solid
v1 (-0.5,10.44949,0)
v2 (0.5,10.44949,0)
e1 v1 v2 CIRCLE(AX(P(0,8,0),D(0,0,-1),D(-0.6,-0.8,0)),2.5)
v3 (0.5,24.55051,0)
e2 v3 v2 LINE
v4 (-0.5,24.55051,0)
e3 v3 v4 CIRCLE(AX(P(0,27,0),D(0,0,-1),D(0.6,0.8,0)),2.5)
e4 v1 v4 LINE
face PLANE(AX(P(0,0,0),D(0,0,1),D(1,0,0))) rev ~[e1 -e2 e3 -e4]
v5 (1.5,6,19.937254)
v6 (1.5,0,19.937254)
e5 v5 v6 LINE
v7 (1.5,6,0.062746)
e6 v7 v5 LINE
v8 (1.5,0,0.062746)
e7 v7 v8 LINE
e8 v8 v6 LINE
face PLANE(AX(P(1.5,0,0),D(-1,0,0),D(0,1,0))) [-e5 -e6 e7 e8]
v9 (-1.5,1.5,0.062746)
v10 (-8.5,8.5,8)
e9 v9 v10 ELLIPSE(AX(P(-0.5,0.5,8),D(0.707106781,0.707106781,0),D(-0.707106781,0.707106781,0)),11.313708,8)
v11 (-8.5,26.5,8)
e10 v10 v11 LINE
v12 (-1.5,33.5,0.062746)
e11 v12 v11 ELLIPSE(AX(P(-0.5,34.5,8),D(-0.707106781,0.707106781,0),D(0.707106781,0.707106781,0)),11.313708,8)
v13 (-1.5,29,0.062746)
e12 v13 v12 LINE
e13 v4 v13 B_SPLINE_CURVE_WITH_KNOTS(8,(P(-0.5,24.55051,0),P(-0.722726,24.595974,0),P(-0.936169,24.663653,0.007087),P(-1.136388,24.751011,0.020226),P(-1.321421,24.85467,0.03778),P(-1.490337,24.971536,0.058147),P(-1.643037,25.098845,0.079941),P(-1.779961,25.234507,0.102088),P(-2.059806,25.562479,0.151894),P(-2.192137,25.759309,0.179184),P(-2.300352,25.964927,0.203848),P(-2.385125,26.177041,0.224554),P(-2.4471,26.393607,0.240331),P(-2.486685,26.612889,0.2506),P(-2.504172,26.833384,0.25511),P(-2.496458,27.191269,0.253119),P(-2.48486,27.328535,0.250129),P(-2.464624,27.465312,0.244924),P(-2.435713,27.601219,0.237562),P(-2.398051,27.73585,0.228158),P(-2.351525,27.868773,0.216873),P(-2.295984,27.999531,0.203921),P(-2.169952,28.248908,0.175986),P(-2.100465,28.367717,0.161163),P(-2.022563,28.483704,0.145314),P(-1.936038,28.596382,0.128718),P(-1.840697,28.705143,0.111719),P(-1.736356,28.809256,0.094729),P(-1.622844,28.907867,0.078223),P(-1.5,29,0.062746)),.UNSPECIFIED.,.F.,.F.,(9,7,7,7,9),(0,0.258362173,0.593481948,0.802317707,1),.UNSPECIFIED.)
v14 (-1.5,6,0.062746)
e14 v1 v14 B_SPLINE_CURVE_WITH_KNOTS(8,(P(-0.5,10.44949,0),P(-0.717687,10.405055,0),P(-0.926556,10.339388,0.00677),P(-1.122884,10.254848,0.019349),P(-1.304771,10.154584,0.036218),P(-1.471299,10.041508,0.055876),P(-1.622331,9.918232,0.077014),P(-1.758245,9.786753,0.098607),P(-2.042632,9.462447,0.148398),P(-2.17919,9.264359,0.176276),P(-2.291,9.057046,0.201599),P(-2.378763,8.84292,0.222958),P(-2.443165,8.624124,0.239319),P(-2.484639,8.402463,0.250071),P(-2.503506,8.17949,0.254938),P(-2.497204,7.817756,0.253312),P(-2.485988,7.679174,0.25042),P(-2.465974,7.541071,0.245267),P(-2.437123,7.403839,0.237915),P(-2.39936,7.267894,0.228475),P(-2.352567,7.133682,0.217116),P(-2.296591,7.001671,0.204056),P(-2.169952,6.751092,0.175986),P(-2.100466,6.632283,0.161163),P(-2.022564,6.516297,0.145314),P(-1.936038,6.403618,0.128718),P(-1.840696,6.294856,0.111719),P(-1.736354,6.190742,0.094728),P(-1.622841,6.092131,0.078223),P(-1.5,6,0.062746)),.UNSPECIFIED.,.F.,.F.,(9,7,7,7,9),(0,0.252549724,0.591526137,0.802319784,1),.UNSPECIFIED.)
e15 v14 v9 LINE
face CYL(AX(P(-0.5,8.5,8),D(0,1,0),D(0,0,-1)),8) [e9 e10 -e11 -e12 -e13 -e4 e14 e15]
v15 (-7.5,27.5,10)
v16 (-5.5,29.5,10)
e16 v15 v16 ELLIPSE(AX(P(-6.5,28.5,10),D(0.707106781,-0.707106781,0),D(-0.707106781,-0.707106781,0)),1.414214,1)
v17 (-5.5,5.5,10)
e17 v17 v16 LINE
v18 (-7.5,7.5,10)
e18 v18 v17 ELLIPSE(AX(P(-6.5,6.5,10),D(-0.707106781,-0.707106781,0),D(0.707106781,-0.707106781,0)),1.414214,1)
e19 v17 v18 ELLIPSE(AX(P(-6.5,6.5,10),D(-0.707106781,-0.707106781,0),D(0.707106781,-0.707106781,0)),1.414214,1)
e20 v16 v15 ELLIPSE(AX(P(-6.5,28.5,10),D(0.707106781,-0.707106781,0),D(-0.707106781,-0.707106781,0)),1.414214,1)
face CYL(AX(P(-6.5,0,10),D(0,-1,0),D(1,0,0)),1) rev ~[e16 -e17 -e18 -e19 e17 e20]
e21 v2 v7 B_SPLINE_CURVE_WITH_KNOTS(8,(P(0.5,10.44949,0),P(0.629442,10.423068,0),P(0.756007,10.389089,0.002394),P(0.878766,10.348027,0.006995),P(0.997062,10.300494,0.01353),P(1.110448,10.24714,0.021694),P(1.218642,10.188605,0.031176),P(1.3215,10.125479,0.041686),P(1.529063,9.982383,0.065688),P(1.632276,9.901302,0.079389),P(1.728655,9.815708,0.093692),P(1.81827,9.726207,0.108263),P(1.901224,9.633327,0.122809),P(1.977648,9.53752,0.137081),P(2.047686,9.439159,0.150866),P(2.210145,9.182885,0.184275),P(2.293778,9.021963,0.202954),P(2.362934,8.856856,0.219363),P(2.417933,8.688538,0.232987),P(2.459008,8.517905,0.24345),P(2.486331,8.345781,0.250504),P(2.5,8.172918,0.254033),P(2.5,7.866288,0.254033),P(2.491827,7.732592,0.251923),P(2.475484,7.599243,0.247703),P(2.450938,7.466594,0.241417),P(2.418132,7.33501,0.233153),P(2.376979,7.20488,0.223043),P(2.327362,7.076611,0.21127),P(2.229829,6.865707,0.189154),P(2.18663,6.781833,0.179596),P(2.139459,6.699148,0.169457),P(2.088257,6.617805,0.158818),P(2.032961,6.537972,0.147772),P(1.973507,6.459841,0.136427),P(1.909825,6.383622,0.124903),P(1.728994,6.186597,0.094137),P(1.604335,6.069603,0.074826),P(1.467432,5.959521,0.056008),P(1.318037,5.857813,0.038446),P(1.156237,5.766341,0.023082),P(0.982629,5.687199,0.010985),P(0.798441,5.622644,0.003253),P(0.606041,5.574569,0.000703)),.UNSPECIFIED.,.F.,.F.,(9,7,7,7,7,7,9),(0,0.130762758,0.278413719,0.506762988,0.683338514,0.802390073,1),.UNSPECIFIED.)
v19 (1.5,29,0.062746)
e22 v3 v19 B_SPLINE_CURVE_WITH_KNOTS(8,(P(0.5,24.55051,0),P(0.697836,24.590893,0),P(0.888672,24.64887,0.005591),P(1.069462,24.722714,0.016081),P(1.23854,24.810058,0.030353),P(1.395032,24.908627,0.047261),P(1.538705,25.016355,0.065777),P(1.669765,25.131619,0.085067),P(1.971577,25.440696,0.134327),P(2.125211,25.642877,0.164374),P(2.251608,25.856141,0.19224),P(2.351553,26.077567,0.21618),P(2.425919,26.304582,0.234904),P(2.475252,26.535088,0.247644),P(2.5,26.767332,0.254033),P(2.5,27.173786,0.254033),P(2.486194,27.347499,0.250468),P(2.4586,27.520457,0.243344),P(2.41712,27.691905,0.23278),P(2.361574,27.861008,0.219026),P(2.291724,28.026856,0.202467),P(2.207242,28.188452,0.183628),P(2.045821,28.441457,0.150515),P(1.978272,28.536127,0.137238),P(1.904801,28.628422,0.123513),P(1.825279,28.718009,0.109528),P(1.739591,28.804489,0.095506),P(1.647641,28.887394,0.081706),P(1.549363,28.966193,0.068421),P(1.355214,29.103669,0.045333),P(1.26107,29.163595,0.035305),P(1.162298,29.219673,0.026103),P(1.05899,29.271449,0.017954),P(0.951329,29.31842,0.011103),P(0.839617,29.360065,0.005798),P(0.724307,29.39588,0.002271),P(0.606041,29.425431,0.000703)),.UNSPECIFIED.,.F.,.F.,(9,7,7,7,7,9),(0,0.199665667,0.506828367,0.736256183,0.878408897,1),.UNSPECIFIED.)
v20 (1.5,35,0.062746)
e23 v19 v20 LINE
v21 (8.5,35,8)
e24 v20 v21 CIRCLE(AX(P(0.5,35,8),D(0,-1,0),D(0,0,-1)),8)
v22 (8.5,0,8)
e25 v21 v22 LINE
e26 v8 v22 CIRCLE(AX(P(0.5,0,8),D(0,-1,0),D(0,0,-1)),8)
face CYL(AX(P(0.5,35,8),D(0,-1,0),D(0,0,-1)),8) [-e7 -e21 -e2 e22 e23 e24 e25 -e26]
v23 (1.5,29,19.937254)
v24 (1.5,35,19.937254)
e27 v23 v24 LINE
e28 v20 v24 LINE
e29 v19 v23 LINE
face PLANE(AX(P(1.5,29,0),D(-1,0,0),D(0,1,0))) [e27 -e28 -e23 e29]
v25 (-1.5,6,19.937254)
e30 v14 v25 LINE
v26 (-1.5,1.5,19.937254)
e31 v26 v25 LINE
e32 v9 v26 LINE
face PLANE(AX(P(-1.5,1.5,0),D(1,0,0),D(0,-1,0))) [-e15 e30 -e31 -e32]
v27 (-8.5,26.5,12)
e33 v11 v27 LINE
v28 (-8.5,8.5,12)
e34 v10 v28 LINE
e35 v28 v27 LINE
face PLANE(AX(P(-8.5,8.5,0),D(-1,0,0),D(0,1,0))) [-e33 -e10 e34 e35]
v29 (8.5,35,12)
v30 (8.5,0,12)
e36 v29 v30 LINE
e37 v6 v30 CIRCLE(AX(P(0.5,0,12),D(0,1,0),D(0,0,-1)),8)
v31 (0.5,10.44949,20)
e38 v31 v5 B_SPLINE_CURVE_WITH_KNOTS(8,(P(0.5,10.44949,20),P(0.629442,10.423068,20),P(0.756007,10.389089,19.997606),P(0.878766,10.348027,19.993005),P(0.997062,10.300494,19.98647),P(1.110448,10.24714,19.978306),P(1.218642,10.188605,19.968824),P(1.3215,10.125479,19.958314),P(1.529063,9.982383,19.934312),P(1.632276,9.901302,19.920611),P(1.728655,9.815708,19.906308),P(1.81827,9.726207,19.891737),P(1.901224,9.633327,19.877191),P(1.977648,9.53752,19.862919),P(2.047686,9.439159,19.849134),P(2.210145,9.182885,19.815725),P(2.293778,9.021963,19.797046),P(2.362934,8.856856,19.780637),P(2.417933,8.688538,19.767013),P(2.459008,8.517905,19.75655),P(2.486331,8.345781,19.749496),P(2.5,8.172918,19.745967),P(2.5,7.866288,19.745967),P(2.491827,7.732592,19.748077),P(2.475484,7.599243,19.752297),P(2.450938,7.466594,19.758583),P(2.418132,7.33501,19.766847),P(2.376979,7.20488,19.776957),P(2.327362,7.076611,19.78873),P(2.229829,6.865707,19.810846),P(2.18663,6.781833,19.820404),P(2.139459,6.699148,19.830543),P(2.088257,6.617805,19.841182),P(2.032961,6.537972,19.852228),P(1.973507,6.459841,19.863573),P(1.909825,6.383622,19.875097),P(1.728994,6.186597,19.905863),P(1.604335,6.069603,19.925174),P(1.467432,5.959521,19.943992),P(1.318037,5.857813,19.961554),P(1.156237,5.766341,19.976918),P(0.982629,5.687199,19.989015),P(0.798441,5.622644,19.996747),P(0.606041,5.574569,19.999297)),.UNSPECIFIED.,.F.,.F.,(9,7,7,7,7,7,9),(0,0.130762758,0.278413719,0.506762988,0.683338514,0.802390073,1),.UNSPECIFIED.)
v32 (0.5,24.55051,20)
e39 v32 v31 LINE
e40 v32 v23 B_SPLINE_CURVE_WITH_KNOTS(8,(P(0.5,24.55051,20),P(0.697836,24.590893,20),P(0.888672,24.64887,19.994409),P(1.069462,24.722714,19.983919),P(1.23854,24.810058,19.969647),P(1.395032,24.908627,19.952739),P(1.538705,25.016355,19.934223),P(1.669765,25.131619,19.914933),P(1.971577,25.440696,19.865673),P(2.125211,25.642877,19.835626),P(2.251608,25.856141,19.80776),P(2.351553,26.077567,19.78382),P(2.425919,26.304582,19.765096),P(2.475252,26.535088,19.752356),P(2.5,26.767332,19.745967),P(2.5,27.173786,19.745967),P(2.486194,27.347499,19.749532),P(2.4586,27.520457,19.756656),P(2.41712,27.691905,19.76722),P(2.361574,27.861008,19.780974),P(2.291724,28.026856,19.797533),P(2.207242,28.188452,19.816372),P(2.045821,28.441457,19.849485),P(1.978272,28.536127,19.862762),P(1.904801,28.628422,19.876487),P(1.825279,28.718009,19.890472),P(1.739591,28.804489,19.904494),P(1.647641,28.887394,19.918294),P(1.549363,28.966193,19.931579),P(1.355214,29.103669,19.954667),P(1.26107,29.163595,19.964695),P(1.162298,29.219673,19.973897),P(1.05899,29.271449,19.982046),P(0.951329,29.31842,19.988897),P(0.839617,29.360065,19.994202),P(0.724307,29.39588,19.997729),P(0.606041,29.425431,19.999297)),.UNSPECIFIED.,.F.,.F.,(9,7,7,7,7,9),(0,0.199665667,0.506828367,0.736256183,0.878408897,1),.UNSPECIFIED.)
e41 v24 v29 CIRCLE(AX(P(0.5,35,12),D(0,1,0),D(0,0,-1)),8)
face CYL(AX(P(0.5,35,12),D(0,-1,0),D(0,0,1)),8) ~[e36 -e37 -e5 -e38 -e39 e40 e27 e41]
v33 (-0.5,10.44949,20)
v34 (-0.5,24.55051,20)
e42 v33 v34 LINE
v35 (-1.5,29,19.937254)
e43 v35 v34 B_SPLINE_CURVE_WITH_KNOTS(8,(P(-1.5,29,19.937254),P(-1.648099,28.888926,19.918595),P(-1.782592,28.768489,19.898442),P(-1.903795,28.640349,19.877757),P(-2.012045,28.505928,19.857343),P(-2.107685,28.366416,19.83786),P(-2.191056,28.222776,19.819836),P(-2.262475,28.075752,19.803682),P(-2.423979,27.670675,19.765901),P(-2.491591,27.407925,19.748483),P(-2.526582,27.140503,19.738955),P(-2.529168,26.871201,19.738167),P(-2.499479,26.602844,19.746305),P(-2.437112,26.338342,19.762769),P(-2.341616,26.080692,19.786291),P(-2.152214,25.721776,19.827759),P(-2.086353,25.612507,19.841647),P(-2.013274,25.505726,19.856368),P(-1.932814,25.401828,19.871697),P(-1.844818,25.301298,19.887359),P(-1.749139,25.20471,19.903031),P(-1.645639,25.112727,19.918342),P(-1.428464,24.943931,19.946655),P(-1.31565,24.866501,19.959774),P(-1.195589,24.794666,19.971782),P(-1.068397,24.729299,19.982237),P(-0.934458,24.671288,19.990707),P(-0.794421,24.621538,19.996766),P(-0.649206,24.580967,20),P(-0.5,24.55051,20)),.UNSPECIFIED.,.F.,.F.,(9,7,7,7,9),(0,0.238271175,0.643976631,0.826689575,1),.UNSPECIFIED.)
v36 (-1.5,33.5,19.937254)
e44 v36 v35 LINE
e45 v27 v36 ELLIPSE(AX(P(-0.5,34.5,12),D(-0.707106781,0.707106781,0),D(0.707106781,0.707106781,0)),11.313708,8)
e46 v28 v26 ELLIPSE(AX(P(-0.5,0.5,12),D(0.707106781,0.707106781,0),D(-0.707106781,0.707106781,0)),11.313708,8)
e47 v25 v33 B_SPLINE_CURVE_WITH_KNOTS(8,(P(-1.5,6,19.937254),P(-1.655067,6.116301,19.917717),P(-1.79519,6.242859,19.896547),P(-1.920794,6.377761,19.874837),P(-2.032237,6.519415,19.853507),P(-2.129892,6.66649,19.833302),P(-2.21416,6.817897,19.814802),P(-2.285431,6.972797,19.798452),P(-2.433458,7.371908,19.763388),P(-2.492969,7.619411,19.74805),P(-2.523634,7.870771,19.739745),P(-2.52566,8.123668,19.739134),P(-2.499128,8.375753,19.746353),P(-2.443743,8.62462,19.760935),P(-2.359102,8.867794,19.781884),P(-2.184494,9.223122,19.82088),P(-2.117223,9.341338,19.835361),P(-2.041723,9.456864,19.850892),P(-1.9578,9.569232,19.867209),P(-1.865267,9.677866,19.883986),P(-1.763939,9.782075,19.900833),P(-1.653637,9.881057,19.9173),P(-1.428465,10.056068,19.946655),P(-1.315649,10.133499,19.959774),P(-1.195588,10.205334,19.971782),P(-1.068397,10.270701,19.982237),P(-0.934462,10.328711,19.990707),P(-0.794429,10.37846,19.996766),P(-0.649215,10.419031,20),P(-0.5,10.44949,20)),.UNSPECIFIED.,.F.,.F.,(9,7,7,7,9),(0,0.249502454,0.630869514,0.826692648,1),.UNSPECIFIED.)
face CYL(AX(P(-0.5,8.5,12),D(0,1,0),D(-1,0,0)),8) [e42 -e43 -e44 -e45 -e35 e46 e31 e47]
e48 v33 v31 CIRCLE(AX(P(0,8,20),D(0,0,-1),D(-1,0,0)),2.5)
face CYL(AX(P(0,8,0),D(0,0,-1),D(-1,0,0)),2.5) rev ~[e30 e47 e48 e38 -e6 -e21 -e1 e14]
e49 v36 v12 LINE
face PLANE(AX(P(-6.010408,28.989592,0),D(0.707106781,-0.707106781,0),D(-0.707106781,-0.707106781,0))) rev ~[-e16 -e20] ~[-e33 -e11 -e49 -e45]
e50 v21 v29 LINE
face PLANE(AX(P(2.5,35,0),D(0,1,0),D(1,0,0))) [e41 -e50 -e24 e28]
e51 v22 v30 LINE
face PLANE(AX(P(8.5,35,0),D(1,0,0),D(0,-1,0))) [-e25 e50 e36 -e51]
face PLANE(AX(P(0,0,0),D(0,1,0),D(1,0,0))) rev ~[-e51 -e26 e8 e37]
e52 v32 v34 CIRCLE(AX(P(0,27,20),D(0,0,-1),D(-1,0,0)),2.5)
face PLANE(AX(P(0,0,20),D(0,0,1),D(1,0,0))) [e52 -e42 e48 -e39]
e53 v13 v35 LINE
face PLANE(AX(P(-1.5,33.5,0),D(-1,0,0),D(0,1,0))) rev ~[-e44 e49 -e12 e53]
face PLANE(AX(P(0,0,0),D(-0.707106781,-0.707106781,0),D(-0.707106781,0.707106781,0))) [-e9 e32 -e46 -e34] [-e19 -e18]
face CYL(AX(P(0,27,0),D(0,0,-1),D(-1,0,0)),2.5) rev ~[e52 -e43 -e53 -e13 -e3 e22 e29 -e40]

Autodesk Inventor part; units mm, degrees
ref_plane "YZ Plane" through (0, 0, 0) normal (1, 0, 0) x (0, 1, 0)
ref_plane "XZ Plane" through (0, 0, 0) normal (0, 1, 0) x (-1, 0, 0)
ref_plane "XY Plane" through (0, 0, 0) normal (0, 0, 1) x (1, 0, 0)
sketch "Sketch1" plane through (0, 0, 0) normal (0, 0, 1) x (1, 0, 0)
  line L0 (0, 0) -> (2.5, 0)
  line L1 (2.5, 0) -> (2.5, 35)
  line L2 (2.5, 35) -> (-2.5, 35)
  line L3 (-2.5, 35) -> (-2.5, 0)
  circle A0 centre (0, 0) radius 8.5
  line L4 (0, 35) -> (8.5, 35) construction
  circle A1 centre (0, 35) radius 8.5
  line L5 (-8.5, 0) -> (-8.5, 35)
  line L6 (8.5, 35) -> (8.5, 0)
  line L7 (0, 35) -> (8.5, 35)
  line L8 (0, 35) -> (-8.5, 26.5)
  line L9 (0, 35) -> (12.0208, 35) construction
  line L10 (0, 0) -> (8.5, 0)
  line L11 (0, 0) -> (-8.5, 8.5)
  line L12 (0, 0) -> (12.0208, 0) construction
  dimension "d9" = 17
  dimension "d1" = 2.5
  dimension "d2" = 35
  dimension "d3" = 5
  dimension "d5" = 17
  dimension "d10" = 2.5
  dimension "d11" = 0
  dimension "d12" = 135
  dimension "d13" = 135
extrude "Extrusion1" add sketch "Sketch1" along normal blind 20 contours L11 L3 A0 L1 L0 | L1 A0 L10 | L11 A0 L3 | A0 L3 A1 L1 | L1 A1 L6 A0 | A0 L11 L5 L8 A1 L3 | A1 L3 L8 L2 L1 | L1 L7 A1 | A1 L8 L3
sketch "Sketch2" plane through (0, 0, 0) normal (0, 0, -1) x (-1, 0, 0)
  line L0 (0, 0) -> (-8.5, 0) projected
  line L1 (0, 0) -> (0, 8)
  circle A0 centre (0, 8) radius 2.5
  line L2 (8.5, 8.5) -> (0, 0) projected
  line L3 (0, 0) -> (-1.5, 0)
  line L4 (-1.5, 0) -> (-1.5, 8)
  line L5 (-1.5, 8) -> (1.5, 8)
  line L6 (1.5, 8) -> (1.5, 0)
  line L7 (1.5, 0) -> (0, 0)
  line L8 (0, 35) -> (8.5, 26.5) projected
  line L9 (0, 35) -> (0, 27)
  line L10 (0, 27) -> (-1.5, 27)
  line L11 (-1.5, 27) -> (-1.5, 35)
  line L12 (-8.5, 35) -> (0, 35) projected
  line L13 (0, 27) -> (1.5, 27)
  line L14 (1.5, 27) -> (1.5, 35)
  line L15 (1.5, 35) -> (0, 35)
  circle A1 centre (0, 27) radius 2.5
  point P0 (1.5, 45)
  point P1 (-1.5, 29)
  point P2 (1.5, 29)
  point P3 (-1.5, 6)
  point P4 (1.5, 6)
  dimension "d16" = 8
  dimension "d17" = 5
  dimension "d18" = 1.5
  dimension "d19" = 3
  dimension "d20" = 8
  dimension "d21" = 1.5
  dimension "d22" = 1.5
  dimension "d23" = 5
extrude "Extrusion2" cut sketch "Sketch2" against normal through all
fillet "Fillet1" radius 8 4 edges at (8.5, 17.5, 0) (8.5, 17.5, 20) (-8.5, 17.5, 0) (-8.5, 17.5, 20)
sketch "Sketch4" plane through (1.5, 0, 0.0627) normal (0, -1, 0) x (1, 0, 0)
  line L0 (-10, 7.9373) -> (-10, 11.9373) projected
  line L1 (-10, 9.9373) -> (-8, 9.9373)
  circle A0 centre (-8, 9.9373) radius 1
  point P0 (-1.5, -0.0627)
  dimension "d31" = 2
  dimension "d32" = 2
extrude "Extrusion4" cut sketch "Sketch4" against normal through all
properties part number "pinky_f1"
